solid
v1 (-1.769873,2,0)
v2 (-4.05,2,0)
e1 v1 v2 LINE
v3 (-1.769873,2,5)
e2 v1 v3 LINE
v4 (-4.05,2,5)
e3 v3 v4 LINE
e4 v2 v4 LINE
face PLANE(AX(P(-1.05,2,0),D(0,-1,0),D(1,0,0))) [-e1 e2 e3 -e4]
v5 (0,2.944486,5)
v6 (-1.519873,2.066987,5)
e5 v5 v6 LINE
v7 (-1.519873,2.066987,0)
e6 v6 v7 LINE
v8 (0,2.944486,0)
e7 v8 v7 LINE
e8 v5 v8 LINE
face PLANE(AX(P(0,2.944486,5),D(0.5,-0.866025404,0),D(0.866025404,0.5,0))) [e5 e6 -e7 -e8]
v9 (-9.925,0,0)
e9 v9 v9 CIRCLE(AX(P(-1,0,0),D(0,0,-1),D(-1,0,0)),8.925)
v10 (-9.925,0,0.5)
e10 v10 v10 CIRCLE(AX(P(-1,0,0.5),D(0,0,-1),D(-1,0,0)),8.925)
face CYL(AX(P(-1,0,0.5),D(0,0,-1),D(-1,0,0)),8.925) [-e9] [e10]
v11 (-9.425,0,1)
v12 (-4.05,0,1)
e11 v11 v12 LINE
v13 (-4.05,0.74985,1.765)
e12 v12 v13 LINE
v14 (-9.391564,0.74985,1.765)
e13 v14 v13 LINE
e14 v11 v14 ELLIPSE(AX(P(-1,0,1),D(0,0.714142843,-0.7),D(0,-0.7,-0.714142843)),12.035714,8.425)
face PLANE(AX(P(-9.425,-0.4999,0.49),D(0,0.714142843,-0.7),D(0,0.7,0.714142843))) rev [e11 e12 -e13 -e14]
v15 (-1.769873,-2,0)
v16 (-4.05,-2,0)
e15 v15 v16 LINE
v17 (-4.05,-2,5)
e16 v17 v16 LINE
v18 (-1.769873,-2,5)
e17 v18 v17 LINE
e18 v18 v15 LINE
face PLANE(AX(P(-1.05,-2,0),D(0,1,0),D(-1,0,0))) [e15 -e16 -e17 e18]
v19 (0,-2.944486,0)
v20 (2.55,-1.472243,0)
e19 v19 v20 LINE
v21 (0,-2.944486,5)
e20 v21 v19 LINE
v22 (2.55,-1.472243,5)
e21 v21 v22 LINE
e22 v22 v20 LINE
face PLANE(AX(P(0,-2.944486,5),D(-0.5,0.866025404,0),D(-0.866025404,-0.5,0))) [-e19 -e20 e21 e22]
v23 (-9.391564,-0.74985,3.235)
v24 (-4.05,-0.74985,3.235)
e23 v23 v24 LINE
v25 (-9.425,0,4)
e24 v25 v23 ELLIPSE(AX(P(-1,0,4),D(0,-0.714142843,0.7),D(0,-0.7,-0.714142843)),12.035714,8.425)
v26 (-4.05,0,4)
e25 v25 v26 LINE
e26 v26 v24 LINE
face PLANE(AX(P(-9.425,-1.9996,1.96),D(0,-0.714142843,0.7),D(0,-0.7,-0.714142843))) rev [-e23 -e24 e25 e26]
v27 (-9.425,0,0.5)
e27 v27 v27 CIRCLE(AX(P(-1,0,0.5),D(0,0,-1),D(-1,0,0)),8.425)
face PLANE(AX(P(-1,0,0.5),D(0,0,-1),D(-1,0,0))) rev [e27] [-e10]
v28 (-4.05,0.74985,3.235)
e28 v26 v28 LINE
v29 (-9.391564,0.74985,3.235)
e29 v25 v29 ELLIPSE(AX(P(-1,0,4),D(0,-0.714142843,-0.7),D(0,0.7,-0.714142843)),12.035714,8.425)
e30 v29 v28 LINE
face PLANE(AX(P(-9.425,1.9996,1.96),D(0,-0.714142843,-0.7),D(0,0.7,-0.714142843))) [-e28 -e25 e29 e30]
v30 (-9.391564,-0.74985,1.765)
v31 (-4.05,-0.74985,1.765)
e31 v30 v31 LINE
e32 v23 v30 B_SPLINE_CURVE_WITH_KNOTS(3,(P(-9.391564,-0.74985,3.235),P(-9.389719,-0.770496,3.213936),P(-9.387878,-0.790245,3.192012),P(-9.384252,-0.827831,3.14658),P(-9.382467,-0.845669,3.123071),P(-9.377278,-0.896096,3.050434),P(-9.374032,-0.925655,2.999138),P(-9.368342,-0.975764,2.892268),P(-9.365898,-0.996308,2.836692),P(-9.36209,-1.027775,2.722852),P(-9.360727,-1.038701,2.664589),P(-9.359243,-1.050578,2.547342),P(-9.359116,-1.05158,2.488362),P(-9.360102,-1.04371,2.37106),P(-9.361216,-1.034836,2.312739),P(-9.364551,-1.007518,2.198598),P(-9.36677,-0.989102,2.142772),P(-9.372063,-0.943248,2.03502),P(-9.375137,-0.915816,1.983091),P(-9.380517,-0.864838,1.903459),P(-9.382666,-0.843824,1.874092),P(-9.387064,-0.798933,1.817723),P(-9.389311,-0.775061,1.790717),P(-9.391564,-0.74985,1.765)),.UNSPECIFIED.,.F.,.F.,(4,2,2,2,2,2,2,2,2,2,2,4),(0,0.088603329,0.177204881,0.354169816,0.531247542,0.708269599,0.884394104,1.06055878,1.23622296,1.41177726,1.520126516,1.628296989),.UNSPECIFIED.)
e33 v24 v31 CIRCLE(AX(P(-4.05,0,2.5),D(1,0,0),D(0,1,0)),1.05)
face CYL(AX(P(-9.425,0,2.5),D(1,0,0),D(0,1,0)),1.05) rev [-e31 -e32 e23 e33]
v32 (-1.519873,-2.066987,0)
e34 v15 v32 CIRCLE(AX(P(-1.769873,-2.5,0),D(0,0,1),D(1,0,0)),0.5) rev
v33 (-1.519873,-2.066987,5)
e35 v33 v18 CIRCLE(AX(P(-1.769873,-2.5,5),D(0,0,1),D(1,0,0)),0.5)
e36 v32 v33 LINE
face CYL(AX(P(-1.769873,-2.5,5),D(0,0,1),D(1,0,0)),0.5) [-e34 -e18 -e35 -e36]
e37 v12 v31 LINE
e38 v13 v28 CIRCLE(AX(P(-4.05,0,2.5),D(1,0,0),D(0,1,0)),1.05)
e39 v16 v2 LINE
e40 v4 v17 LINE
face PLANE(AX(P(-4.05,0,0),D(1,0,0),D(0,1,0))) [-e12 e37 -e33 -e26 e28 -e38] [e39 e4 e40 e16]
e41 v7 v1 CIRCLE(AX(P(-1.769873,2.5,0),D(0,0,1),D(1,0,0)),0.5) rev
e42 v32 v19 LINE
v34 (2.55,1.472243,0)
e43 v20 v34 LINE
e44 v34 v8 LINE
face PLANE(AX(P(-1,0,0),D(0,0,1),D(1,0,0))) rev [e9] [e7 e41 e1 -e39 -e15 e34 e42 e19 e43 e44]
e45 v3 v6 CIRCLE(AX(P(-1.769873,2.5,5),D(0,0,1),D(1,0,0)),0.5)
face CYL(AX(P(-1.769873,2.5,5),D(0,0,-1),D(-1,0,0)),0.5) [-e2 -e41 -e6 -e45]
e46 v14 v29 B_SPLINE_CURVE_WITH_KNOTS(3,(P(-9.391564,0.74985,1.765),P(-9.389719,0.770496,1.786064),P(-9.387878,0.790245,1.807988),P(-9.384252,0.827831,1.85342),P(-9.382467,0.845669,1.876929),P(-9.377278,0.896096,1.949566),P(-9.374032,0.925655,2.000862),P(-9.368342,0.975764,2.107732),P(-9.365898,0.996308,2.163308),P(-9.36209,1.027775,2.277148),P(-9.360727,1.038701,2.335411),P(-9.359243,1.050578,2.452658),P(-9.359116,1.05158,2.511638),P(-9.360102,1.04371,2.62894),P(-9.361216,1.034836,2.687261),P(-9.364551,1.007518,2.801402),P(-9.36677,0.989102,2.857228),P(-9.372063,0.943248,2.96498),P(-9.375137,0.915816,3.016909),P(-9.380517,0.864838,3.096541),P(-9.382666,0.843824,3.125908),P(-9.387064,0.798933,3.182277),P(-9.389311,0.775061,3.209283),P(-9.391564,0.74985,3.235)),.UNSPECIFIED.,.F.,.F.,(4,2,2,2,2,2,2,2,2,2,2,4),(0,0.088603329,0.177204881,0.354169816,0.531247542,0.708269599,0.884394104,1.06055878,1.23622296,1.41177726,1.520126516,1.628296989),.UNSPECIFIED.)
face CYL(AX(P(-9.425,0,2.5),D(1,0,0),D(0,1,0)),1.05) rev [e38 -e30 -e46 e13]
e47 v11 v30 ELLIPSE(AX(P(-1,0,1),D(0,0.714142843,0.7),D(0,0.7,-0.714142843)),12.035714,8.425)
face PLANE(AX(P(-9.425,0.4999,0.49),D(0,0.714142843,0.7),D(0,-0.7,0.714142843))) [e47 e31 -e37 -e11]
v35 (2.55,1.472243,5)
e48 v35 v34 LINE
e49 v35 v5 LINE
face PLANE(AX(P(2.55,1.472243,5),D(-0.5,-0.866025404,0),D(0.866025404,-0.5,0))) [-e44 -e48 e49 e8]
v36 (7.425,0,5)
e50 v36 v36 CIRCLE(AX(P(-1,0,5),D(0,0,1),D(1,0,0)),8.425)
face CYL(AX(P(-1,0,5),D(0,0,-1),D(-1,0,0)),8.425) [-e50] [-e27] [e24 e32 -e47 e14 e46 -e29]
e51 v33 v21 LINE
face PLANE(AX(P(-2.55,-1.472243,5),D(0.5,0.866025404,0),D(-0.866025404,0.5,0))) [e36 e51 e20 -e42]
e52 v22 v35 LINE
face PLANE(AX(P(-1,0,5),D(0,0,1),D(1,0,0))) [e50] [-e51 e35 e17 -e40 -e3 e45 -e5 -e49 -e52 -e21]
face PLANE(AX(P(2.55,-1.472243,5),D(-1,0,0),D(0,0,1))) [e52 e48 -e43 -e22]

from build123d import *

# Parameters (mm, degrees)
SKETCH1_R                   = 8.425
BOSS_EXTRUDE1_DEPTH         = 5
M2_HEXNUT_CUTOUT_DEPTH      = 1.5
M2_HEXNUT_CUTOUT_DEPTH_BACK = 1.5
SKETCH2_W                   = 5
SKETCH2_H                   = 4
FILLET1_R                   = 0.5
M2_THRU_DEPTH               = 16.088281877
SKETCH4_R                   = 8.925
SKETCH4_R_2                 = 8.425
BOSS_EXTRUDE2_DEPTH         = 0.5


with BuildPart() as part:
    # Sketch1 → Boss-Extrude1 (new body)
    with BuildSketch(Plane.XY):
        with Locations((-1, 0)):
            Circle(SKETCH1_R)
        Polygon((0, -2.944486373), (2.55, -1.472243186), (2.55, 1.472243186), (0, 2.944486373), (-2.55, 1.472243186), (-2.55, -1.472243186), align=None, mode=Mode.SUBTRACT)
    extrude(amount=BOSS_EXTRUDE1_DEPTH)

    # Sketch2 → M2 Hexnut Cutout (cut, two sides: drawn at the far end of the back side and taken through both)
    with BuildSketch(Plane(origin=(-2.55, 0, 0), x_dir=(0, 0, -1), z_dir=(1, 0, 0)).offset(-M2_HEXNUT_CUTOUT_DEPTH_BACK)):
        with Locations((-2.5, 0)):
            Rectangle(SKETCH2_W, SKETCH2_H)
    extrude(amount=M2_HEXNUT_CUTOUT_DEPTH + M2_HEXNUT_CUTOUT_DEPTH_BACK, mode=Mode.SUBTRACT)

    # Fillet1
    fillet1_edges = [part.edges().sort_by_distance(p)[0] for p in [
        (-1.635898385, 2, 2.5),
        (-1.635898385, -2, 2.5),
    ]]
    fillet(fillet1_edges, radius=FILLET1_R)

    # Sketch3 → M2 Thru (cut, through all)
    with BuildSketch(Plane(origin=(-4.05, 0, 0), x_dir=(0, 0, -1), z_dir=(1, 0, 0))):
        with BuildLine():
            Line((-4, 0), (-3.235, -0.749849985))
            ThreePointArc((-3.235, -0.749849985), (-2.5, -1.05), (-1.765, -0.749849985))
            Line((-1.765, -0.749849985), (-1, 0))
            Line((-1, 0), (-1.765, 0.749849985))
            ThreePointArc((-1.765, 0.749849985), (-2.5, 1.05), (-3.235, 0.749849985))
            Line((-3.235, 0.749849985), (-4, 0))
        make_face()
    extrude(amount=-M2_THRU_DEPTH, mode=Mode.SUBTRACT)

    # Sketch4 → Boss-Extrude2 (add)
    with BuildSketch(Plane(origin=(0, 0, 0), x_dir=(-1, 0, 0), z_dir=(0, 0, -1))):
        with Locations((1, 0)):
            Circle(SKETCH4_R)
        with Locations((1, 0)):
            Circle(SKETCH4_R_2, mode=Mode.SUBTRACT)
    extrude(amount=-BOSS_EXTRUDE2_DEPTH)


solid = part.part
